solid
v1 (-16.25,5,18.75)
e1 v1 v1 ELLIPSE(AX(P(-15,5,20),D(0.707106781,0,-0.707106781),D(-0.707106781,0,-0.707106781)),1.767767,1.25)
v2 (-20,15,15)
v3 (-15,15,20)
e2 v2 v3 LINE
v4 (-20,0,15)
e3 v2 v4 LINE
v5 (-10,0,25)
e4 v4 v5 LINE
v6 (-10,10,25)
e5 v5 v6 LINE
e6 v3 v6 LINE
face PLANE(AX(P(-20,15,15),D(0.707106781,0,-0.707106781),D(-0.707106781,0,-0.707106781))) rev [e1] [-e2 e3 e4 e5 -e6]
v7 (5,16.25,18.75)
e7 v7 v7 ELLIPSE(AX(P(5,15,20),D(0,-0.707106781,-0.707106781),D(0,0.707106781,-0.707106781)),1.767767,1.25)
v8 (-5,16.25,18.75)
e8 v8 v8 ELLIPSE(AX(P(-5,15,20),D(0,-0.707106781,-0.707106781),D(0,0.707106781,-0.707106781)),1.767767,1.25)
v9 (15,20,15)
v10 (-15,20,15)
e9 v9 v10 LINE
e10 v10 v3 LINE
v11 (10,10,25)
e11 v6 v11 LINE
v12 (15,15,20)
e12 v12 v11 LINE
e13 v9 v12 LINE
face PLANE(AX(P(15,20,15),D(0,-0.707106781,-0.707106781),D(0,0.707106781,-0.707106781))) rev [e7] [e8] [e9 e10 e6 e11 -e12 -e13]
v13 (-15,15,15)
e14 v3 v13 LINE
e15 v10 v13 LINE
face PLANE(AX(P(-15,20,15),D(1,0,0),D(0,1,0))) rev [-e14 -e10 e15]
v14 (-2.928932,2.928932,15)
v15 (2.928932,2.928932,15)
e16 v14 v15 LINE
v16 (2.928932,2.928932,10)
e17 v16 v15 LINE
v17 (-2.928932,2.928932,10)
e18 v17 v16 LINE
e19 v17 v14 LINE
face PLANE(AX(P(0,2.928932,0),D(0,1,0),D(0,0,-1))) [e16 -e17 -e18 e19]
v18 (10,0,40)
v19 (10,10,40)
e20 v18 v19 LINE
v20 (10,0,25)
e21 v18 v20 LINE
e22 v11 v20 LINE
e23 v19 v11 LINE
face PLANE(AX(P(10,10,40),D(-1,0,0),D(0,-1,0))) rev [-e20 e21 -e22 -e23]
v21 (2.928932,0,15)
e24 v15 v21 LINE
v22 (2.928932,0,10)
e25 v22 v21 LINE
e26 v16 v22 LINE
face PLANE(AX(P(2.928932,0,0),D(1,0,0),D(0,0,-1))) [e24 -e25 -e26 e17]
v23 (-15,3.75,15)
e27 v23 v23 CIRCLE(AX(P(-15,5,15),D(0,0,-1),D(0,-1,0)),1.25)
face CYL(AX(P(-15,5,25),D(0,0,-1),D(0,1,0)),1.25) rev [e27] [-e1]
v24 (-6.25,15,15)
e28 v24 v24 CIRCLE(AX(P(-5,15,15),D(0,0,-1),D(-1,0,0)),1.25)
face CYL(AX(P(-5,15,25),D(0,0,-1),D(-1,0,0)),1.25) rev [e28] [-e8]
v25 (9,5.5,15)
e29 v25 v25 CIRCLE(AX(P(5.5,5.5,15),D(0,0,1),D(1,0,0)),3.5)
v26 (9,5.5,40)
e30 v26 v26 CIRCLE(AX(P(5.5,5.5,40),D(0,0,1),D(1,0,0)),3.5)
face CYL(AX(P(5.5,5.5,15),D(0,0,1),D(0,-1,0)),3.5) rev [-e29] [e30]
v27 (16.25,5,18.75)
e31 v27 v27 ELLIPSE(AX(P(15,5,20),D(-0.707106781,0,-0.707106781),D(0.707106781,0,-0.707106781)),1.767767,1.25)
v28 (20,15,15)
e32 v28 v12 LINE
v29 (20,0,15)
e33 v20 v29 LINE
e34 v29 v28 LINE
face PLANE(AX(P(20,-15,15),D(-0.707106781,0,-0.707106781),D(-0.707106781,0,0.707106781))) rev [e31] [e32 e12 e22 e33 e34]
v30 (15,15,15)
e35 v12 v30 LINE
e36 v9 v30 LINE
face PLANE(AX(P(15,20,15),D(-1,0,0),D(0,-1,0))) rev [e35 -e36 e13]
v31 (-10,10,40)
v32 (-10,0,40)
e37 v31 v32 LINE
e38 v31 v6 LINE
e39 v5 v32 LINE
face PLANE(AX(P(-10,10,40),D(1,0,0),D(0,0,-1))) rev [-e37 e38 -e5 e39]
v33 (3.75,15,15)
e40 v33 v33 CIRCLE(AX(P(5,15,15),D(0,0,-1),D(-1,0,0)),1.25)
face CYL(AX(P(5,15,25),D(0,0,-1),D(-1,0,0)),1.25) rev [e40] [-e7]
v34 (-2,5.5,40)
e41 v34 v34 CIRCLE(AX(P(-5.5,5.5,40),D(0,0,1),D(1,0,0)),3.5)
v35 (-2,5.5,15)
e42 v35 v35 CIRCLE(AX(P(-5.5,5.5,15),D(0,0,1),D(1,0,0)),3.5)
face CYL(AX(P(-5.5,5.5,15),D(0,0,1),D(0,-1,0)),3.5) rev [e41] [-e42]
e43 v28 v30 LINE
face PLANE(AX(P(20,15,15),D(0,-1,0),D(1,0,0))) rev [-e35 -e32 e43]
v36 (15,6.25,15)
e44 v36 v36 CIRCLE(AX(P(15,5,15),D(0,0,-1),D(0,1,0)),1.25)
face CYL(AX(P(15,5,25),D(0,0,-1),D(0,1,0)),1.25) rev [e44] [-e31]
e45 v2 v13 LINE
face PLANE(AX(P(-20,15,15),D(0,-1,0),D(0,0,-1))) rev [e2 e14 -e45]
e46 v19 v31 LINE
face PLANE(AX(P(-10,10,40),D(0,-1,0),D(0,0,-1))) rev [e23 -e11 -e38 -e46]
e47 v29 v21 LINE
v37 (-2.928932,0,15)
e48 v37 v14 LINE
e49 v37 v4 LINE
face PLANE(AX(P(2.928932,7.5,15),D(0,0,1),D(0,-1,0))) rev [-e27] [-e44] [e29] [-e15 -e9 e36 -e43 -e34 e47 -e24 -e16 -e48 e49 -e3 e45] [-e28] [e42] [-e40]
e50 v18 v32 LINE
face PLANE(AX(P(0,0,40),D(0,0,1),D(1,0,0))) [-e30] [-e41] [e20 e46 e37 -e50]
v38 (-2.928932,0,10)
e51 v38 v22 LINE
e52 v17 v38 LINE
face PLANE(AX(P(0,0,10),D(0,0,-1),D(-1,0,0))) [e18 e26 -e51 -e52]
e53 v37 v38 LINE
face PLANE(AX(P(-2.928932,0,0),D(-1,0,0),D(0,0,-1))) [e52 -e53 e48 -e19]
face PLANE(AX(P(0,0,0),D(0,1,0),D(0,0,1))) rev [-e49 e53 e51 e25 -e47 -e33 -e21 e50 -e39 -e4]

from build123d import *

# Parameters (mm, degrees)
SKETCH_1_W                = 20
SKETCH_1_H                = 20
EXTRUDE_1_DEPTH           = 40
SKETCH_2_W                = 10
SKETCH_2_H                = 15
CUT_EXTRUDE_1_DEPTH       = 7.071067812
PATTERN_CIRCULAR_1_COUNT  = 4
SKETCH_5_R                = 3.5
CUT_EXTRUDE_2_DEPTH       = 25
CUT_EXTRUDE_3_DEPTH       = 5
SKETCH_9_W                = 5.878932188
SKETCH_9_H                = 5.878932188
CUT_EXTRUDE_5_DEPTH       = 5
SKETCH_11_W               = 10
SKETCH_11_H               = 30
EXTRUDE_2_DEPTH           = 10
CUT_EXTRUDE_6_DEPTH       = 30
SKETCH_13_R               = 1.25
CUT_EXTRUDE_7_DEPTH       = 10
PATTERN_CIRCULAR_2_COUNT  = 4
SKETCH_16_W               = 20
SKETCH_16_H               = 10
CUT_EXTRUDE_11_DEPTH      = 40
SKETCH_17_W               = 20
SKETCH_17_H               = 20
SKETCH_17_W_2             = 5.857864376
SKETCH_17_H_2             = 5.857864376
CUT_EXTRUDE_12_DEPTH      = 5
CUT_EXTRUDE_13_DEPTH      = 54.851648071
CUT_EXTRUDE_13_DEPTH_BACK = 10
SKETCH_19_W               = 81.536041923
SKETCH_19_H               = 68.786769913
CUT_EXTRUDE_16_DEPTH      = 400


with BuildPart() as part:
    # 스케치1 → 보스-돌출1 (new body)
    with BuildSketch(Plane.XY):
        Rectangle(SKETCH_1_W, SKETCH_1_H)
    extrude(amount=EXTRUDE_1_DEPTH)

    # 스케치2 → 컷-돌출1 (cut)
    with BuildSketch(Plane(origin=(10, 0, 0), x_dir=(0, 0, -1), z_dir=(1, 0, 0))):
        with Locations((-10, 0)):
            Rectangle(SKETCH_2_W, SKETCH_2_H)
    cut_extrude_1 = extrude(amount=-CUT_EXTRUDE_1_DEPTH, mode=Mode.SUBTRACT)

    # 원형 패턴1: 컷-돌출1 ×4 about axis
    pattern_circular_1_axis = Axis((0, 0, 0), (0, 0, 1))
    for i in range(1, PATTERN_CIRCULAR_1_COUNT):
        add(cut_extrude_1.rotate(pattern_circular_1_axis, i * 360 / PATTERN_CIRCULAR_1_COUNT), mode=Mode.SUBTRACT)

    # 스케치5 → 컷-돌출2 (cut)
    with BuildSketch(Plane.XY.offset(40)):
        with Locations((-5.5, 5.5)):
            Circle(SKETCH_5_R)
        with Locations((5.5, 5.5)):
            Circle(SKETCH_5_R)
        with Locations(Location((-5.5, -5.5, 0), (0, 0, 235.150095421))):
            Circle(SKETCH_5_R)
        with Locations(Location((5.5, -5.5, 0), (0, 0, 304.849904579))):
            Circle(SKETCH_5_R)
    extrude(amount=-CUT_EXTRUDE_2_DEPTH, mode=Mode.SUBTRACT)

    # 스케치6 → 컷-돌출3 (cut)
    with BuildSketch(Plane(origin=(0, 0, 0), x_dir=(-1, 0, 0), z_dir=(0, 0, -1))):
        Polygon((-14.808802863, -2.95), (-14.808802863, 2.95), (-2.95, 2.95), (-2.95, 12.360254216), (2.95, 12.360254216), (2.95, 2.95), (13.852115441, 2.95), (13.852115441, -2.95), (2.95, -2.95), (2.95, -13.975695818), (-2.95, -13.975695818), (-2.95, -2.95), align=None)
    extrude(amount=-CUT_EXTRUDE_3_DEPTH, mode=Mode.SUBTRACT)

    # 스케치9 → 컷-돌출5 (cut)
    with BuildSketch(Plane(origin=(0, 0, 5), x_dir=(-1, 0, 0), z_dir=(0, 0, -1))):
        with Locations((0.010533906, -0.010533906)):
            Rectangle(SKETCH_9_W, SKETCH_9_H)
    extrude(amount=-CUT_EXTRUDE_5_DEPTH, mode=Mode.SUBTRACT)

    # 스케치11 → 보스-돌출2 (add)
    with BuildSketch(Plane(origin=(10, 0, 0), x_dir=(0, 0, -1), z_dir=(1, 0, 0))):
        with Locations((-20, 0)):
            Rectangle(SKETCH_11_W, SKETCH_11_H)
    extrude_2 = extrude(amount=EXTRUDE_2_DEPTH)

    # 스케치12 → 컷-돌출6 (cut)
    with BuildSketch(Plane(origin=(0, 15, 0), x_dir=(1, 0, 0), z_dir=(0, 1, 0))):
        Polygon((20, -15), (10, -25), (20, -25), align=None)
    cut_extrude_6 = extrude(amount=-CUT_EXTRUDE_6_DEPTH, mode=Mode.SUBTRACT)

    # 스케치13 → 컷-돌출7 (cut)
    with BuildSketch(Plane(origin=(0, 0, 15), x_dir=(-1, 0, 0), z_dir=(0, 0, -1))):
        with Locations(Location((-15, -5, 0), (0, 0, 90))):
            Circle(SKETCH_13_R)
        with Locations(Location((-15, 5, 0), (0, 0, 90))):
            Circle(SKETCH_13_R)
    cut_extrude_7 = extrude(amount=-CUT_EXTRUDE_7_DEPTH, mode=Mode.SUBTRACT)

    # 원형 패턴2: 보스-돌출2, 컷-돌출6, 컷-돌출7 ×4 about axis
    pattern_circular_2_axis = Axis((0, 0, 0), (0, 0, 1))
    add([extrude_2.rotate(pattern_circular_2_axis, i * 360 / PATTERN_CIRCULAR_2_COUNT) for i in range(1, PATTERN_CIRCULAR_2_COUNT)])
    add([cut_extrude_6.rotate(pattern_circular_2_axis, i * 360 / PATTERN_CIRCULAR_2_COUNT) for i in range(1, PATTERN_CIRCULAR_2_COUNT)], mode=Mode.SUBTRACT)
    add([cut_extrude_7.rotate(pattern_circular_2_axis, i * 360 / PATTERN_CIRCULAR_2_COUNT) for i in range(1, PATTERN_CIRCULAR_2_COUNT)], mode=Mode.SUBTRACT)

    # 스케치16 → 컷-돌출11 (cut)
    with BuildSketch(Plane.XZ.offset(10)):
        with Locations((0, 5)):
            Rectangle(SKETCH_16_W, SKETCH_16_H)
    extrude(amount=-CUT_EXTRUDE_11_DEPTH, mode=Mode.SUBTRACT)

    # 스케치17 → 컷-돌출12 (cut)
    with BuildSketch(Plane(origin=(0, 0, 10), x_dir=(-1, 0, 0), z_dir=(0, 0, -1))):
        Rectangle(SKETCH_17_W, SKETCH_17_H)
        Rectangle(SKETCH_17_W_2, SKETCH_17_H_2, mode=Mode.SUBTRACT)
    extrude(amount=-CUT_EXTRUDE_12_DEPTH, mode=Mode.SUBTRACT)

    # 스케치18 → 컷-돌출13 (cut, two sides: drawn at the far end of the back side and taken through both)
    with BuildSketch(Plane.XZ.offset(-10).offset(-CUT_EXTRUDE_13_DEPTH_BACK)):
        Polygon((10, 25), (15, 25), (15, 20), align=None)
    extrude(amount=CUT_EXTRUDE_13_DEPTH + CUT_EXTRUDE_13_DEPTH_BACK, mode=Mode.SUBTRACT)

    # 스케치19 → 컷-돌출16 (cut)
    with BuildSketch(Plane(origin=(0, 0, 0), x_dir=(1, 0, 0), z_dir=(0, 1, 0))):
        with Locations((9.636077682, -26.334226141)):
            Rectangle(SKETCH_19_W, SKETCH_19_H)
    extrude(amount=-CUT_EXTRUDE_16_DEPTH, mode=Mode.SUBTRACT)


solid = part.part
